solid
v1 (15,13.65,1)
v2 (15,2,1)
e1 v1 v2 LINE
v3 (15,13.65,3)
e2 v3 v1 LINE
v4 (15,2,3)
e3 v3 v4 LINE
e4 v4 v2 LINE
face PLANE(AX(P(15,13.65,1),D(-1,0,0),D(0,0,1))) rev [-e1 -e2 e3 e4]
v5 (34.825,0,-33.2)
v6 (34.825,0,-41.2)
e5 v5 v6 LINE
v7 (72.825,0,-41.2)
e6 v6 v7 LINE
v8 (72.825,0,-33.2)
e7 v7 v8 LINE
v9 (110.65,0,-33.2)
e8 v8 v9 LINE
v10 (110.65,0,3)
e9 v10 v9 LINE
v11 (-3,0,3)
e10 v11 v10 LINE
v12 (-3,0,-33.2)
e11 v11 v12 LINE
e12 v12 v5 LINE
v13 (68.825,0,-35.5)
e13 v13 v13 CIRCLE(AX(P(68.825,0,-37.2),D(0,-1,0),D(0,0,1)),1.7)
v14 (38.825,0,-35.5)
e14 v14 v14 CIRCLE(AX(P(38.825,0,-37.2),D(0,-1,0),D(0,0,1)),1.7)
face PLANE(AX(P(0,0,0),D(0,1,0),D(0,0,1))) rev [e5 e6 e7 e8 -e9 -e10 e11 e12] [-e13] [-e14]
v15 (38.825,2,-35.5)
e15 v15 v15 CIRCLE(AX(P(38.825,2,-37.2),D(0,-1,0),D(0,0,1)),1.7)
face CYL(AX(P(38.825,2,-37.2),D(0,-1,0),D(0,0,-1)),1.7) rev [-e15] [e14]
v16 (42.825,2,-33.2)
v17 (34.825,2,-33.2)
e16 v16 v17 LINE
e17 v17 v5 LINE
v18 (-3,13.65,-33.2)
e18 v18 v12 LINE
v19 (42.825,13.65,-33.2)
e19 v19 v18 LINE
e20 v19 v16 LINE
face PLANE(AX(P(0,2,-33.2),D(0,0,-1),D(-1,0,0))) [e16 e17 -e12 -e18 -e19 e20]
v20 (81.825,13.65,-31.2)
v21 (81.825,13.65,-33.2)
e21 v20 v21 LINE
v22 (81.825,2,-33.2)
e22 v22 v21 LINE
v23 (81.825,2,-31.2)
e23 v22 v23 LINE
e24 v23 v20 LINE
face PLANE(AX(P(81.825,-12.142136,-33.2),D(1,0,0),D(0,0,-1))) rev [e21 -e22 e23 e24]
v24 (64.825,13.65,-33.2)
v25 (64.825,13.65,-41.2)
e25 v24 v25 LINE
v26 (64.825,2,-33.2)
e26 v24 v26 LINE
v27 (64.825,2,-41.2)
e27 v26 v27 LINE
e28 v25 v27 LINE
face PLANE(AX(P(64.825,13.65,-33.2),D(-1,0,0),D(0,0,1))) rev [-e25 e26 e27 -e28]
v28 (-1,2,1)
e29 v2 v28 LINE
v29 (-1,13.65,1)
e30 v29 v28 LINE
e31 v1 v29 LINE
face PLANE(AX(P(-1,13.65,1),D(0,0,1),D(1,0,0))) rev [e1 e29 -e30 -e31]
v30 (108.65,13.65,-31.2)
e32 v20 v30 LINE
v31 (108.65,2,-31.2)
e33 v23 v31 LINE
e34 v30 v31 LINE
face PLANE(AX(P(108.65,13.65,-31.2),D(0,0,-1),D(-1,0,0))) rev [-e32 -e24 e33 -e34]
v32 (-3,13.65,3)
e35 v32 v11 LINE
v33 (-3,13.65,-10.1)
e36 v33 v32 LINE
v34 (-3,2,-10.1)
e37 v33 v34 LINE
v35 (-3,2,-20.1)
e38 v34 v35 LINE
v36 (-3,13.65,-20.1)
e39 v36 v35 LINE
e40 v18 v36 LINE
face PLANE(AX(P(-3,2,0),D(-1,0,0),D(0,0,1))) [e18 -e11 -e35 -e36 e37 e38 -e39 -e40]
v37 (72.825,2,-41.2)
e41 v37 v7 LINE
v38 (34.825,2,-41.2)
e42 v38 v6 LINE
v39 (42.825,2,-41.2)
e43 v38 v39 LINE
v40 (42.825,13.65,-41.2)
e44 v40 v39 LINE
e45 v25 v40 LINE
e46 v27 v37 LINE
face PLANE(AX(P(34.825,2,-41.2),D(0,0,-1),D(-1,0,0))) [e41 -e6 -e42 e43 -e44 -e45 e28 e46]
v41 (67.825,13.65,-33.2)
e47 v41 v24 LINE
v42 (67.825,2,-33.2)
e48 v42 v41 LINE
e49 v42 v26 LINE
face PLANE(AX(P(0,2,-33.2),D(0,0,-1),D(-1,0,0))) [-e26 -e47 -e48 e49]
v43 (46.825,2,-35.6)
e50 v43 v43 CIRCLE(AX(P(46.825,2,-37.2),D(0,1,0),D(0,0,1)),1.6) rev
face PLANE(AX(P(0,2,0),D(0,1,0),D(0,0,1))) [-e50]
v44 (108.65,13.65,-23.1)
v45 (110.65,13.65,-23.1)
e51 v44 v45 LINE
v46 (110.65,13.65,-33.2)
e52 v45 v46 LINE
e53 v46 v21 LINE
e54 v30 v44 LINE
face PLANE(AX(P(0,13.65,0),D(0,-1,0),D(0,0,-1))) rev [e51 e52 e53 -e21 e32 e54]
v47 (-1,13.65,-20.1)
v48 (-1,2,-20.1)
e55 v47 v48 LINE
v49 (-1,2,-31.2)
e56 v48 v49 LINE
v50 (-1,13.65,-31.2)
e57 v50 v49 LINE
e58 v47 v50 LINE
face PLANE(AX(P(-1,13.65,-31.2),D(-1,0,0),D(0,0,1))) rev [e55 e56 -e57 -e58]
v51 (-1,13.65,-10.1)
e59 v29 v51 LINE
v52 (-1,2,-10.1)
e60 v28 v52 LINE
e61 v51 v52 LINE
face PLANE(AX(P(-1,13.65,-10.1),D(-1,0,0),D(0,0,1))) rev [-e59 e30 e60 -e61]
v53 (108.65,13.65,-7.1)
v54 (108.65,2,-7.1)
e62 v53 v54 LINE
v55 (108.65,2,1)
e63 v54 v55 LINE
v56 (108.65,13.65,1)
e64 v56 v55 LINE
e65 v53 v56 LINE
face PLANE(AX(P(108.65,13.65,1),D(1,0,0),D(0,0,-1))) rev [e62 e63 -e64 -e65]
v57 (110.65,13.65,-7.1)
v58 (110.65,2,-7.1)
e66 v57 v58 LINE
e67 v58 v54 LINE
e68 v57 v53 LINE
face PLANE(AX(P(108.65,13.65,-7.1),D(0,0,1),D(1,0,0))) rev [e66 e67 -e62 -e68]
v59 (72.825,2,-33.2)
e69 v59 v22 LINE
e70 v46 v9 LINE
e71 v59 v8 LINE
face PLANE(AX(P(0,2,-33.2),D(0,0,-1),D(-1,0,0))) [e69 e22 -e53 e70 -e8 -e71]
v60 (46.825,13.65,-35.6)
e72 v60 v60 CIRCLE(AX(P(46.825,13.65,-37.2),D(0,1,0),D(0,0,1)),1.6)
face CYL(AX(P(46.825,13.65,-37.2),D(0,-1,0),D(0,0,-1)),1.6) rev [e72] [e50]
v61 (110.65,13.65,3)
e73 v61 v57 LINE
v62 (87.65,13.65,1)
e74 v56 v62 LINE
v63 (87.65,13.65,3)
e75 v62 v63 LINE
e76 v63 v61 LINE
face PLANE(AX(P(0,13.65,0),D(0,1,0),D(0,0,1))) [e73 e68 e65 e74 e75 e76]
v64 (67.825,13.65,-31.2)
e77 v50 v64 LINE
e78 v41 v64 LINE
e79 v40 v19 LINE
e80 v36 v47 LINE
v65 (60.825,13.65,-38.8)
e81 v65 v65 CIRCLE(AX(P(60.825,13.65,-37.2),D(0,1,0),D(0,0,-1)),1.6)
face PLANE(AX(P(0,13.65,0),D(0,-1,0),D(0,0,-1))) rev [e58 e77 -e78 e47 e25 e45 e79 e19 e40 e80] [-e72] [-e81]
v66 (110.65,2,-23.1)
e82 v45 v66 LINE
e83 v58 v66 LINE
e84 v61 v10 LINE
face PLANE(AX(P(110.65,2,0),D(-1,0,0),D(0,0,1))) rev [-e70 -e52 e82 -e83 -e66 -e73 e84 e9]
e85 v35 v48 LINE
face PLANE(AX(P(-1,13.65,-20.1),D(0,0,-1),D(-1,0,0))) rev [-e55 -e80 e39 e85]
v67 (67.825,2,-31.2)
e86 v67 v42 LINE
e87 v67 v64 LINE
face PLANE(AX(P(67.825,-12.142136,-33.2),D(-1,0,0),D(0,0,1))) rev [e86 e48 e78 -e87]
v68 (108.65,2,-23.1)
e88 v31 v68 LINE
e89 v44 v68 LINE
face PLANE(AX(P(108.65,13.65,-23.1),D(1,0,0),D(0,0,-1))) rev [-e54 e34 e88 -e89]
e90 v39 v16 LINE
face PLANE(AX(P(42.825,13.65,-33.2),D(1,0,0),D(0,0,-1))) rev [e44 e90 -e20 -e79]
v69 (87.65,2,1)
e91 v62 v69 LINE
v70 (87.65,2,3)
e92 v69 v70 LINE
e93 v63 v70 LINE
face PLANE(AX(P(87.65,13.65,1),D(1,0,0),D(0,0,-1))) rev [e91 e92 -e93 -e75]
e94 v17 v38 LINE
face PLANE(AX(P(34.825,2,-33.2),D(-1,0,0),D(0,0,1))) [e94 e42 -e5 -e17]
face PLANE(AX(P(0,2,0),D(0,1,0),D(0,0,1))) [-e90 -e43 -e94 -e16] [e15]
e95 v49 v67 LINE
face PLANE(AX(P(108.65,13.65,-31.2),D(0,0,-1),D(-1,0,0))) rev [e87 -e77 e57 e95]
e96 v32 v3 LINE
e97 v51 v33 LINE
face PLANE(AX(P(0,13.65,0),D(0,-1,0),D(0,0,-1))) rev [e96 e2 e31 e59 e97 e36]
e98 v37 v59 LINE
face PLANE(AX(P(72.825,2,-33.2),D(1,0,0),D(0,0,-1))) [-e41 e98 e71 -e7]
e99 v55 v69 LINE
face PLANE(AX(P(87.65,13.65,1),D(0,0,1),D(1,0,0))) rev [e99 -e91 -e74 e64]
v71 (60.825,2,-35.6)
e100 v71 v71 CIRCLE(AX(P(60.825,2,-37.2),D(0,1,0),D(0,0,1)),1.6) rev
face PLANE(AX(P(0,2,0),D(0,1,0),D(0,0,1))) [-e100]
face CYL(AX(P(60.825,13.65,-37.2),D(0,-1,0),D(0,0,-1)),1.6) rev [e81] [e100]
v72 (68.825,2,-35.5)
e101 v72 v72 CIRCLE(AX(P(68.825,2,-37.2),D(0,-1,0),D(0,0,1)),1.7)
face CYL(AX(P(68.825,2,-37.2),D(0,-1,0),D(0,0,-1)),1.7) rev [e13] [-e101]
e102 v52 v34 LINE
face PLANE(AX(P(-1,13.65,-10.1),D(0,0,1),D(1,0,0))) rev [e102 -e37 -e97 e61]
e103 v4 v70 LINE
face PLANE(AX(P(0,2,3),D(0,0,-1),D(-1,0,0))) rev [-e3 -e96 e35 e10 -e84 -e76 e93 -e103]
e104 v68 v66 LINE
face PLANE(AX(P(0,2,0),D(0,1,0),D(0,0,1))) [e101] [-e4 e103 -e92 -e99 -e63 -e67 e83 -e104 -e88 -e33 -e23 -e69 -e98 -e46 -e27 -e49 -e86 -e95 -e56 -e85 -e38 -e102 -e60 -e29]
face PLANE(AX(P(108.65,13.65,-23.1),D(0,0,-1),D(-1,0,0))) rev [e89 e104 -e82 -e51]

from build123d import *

# Parameters (mm, degrees)
SKETCH1_W           = 113.65
SKETCH1_H           = 36.2
SKETCH1_W_2         = 109.65
SKETCH1_H_2         = 32.2
SKETCH1_W_3         = 107.65
SKETCH1_H_3         = 30.2
BOSS_EXTRUDE1_DEPTH = 2
BOSS_EXTRUDE2_DEPTH = 11.65
SKETCH3_W           = 38
SKETCH3_H           = 8
SKETCH3_R           = 1.7
BOSS_EXTRUDE3_DEPTH = 2
SKETCH4_W           = 22
SKETCH4_H           = 8
SKETCH4_R           = 1.6
BOSS_EXTRUDE4_DEPTH = 11.65
SKETCH5_W           = 14
SKETCH5_H           = 2
CUT_EXTRUDE1_DEPTH  = 11.65


with BuildPart() as part:
    # Sketch1 → Boss-Extrude1 (new body)
    # profile 1 of 3: a face of its own
    with BuildSketch(Plane(origin=(0, 0, 0), x_dir=(1, 0, 0), z_dir=(0, 1, 0))):
        with Locations((53.825, 15.1)):
            Rectangle(SKETCH1_W, SKETCH1_H)
        with Locations((53.825, 15.1)):
            Rectangle(SKETCH1_W_2, SKETCH1_H_2, mode=Mode.SUBTRACT)
    # profile 2 of 3: a face of its own
    with BuildSketch(Plane(origin=(0, 0, 0), x_dir=(1, 0, 0), z_dir=(0, 1, 0))):
        with Locations((53.825, 15.1)):
            Rectangle(SKETCH1_W_2, SKETCH1_H_2)
        with Locations((53.825, 15.1)):
            Rectangle(SKETCH1_W_3, SKETCH1_H_3, mode=Mode.SUBTRACT)
    # profile 3 of 3: a face of its own
    with BuildSketch(Plane(origin=(0, 0, 0), x_dir=(1, 0, 0), z_dir=(0, 1, 0))):
        with Locations((53.825, 15.1)):
            Rectangle(SKETCH1_W_3, SKETCH1_H_3)
    extrude(amount=BOSS_EXTRUDE1_DEPTH)

    # Sketch2 → Boss-Extrude2 (add)
    with BuildSketch(Plane(origin=(0, 2, 0), x_dir=(1, 0, 0), z_dir=(0, 1, 0))):
        Polygon((15, -1), (15, -3), (-3, -3), (-3, 10.1), (-1, 10.1), (-1, -1), align=None)
        Polygon((-1, 20.1), (-3, 20.1), (-3, 33.2), (110.65, 33.2), (110.65, 23.1), (108.65, 23.1), (108.65, 31.2), (-1, 31.2), align=None)
        Polygon((108.65, -1), (108.65, 7.1), (110.65, 7.1), (110.65, -3), (87.65, -3), (87.65, -1), align=None)
    extrude(amount=BOSS_EXTRUDE2_DEPTH)

    # Sketch3 → Boss-Extrude3 (add)
    with BuildSketch(Plane.XZ):
        with Locations((53.825, -37.2)):
            Rectangle(SKETCH3_W, SKETCH3_H)
        with Locations(Location((68.825, -37.2, 0), (0, 0, 90))):
            Circle(SKETCH3_R, mode=Mode.SUBTRACT)
        with Locations(Location((38.825, -37.2, 0), (0, 0, 90))):
            Circle(SKETCH3_R, mode=Mode.SUBTRACT)
    extrude(amount=-BOSS_EXTRUDE3_DEPTH)

    # Sketch4 → Boss-Extrude4 (add)
    with BuildSketch(Plane(origin=(0, 2, 0), x_dir=(1, 0, 0), z_dir=(0, 1, 0))):
        with Locations((53.825, 37.2)):
            Rectangle(SKETCH4_W, SKETCH4_H)
        with Locations(Location((46.825, 37.2, 0), (0, 0, 270))):
            Circle(SKETCH4_R, mode=Mode.SUBTRACT)
        with Locations(Location((60.825, 37.2, 0), (0, 0, 90))):
            Circle(SKETCH4_R, mode=Mode.SUBTRACT)
    extrude(amount=BOSS_EXTRUDE4_DEPTH)

    # Sketch5 → Cut-Extrude1 (cut)
    with BuildSketch(Plane(origin=(0, 13.65, 0), x_dir=(1, 0, 0), z_dir=(0, 1, 0))):
        with Locations((74.825, 32.2)):
            Rectangle(SKETCH5_W, SKETCH5_H)
    extrude(amount=-CUT_EXTRUDE1_DEPTH, mode=Mode.SUBTRACT)


solid = part.part
